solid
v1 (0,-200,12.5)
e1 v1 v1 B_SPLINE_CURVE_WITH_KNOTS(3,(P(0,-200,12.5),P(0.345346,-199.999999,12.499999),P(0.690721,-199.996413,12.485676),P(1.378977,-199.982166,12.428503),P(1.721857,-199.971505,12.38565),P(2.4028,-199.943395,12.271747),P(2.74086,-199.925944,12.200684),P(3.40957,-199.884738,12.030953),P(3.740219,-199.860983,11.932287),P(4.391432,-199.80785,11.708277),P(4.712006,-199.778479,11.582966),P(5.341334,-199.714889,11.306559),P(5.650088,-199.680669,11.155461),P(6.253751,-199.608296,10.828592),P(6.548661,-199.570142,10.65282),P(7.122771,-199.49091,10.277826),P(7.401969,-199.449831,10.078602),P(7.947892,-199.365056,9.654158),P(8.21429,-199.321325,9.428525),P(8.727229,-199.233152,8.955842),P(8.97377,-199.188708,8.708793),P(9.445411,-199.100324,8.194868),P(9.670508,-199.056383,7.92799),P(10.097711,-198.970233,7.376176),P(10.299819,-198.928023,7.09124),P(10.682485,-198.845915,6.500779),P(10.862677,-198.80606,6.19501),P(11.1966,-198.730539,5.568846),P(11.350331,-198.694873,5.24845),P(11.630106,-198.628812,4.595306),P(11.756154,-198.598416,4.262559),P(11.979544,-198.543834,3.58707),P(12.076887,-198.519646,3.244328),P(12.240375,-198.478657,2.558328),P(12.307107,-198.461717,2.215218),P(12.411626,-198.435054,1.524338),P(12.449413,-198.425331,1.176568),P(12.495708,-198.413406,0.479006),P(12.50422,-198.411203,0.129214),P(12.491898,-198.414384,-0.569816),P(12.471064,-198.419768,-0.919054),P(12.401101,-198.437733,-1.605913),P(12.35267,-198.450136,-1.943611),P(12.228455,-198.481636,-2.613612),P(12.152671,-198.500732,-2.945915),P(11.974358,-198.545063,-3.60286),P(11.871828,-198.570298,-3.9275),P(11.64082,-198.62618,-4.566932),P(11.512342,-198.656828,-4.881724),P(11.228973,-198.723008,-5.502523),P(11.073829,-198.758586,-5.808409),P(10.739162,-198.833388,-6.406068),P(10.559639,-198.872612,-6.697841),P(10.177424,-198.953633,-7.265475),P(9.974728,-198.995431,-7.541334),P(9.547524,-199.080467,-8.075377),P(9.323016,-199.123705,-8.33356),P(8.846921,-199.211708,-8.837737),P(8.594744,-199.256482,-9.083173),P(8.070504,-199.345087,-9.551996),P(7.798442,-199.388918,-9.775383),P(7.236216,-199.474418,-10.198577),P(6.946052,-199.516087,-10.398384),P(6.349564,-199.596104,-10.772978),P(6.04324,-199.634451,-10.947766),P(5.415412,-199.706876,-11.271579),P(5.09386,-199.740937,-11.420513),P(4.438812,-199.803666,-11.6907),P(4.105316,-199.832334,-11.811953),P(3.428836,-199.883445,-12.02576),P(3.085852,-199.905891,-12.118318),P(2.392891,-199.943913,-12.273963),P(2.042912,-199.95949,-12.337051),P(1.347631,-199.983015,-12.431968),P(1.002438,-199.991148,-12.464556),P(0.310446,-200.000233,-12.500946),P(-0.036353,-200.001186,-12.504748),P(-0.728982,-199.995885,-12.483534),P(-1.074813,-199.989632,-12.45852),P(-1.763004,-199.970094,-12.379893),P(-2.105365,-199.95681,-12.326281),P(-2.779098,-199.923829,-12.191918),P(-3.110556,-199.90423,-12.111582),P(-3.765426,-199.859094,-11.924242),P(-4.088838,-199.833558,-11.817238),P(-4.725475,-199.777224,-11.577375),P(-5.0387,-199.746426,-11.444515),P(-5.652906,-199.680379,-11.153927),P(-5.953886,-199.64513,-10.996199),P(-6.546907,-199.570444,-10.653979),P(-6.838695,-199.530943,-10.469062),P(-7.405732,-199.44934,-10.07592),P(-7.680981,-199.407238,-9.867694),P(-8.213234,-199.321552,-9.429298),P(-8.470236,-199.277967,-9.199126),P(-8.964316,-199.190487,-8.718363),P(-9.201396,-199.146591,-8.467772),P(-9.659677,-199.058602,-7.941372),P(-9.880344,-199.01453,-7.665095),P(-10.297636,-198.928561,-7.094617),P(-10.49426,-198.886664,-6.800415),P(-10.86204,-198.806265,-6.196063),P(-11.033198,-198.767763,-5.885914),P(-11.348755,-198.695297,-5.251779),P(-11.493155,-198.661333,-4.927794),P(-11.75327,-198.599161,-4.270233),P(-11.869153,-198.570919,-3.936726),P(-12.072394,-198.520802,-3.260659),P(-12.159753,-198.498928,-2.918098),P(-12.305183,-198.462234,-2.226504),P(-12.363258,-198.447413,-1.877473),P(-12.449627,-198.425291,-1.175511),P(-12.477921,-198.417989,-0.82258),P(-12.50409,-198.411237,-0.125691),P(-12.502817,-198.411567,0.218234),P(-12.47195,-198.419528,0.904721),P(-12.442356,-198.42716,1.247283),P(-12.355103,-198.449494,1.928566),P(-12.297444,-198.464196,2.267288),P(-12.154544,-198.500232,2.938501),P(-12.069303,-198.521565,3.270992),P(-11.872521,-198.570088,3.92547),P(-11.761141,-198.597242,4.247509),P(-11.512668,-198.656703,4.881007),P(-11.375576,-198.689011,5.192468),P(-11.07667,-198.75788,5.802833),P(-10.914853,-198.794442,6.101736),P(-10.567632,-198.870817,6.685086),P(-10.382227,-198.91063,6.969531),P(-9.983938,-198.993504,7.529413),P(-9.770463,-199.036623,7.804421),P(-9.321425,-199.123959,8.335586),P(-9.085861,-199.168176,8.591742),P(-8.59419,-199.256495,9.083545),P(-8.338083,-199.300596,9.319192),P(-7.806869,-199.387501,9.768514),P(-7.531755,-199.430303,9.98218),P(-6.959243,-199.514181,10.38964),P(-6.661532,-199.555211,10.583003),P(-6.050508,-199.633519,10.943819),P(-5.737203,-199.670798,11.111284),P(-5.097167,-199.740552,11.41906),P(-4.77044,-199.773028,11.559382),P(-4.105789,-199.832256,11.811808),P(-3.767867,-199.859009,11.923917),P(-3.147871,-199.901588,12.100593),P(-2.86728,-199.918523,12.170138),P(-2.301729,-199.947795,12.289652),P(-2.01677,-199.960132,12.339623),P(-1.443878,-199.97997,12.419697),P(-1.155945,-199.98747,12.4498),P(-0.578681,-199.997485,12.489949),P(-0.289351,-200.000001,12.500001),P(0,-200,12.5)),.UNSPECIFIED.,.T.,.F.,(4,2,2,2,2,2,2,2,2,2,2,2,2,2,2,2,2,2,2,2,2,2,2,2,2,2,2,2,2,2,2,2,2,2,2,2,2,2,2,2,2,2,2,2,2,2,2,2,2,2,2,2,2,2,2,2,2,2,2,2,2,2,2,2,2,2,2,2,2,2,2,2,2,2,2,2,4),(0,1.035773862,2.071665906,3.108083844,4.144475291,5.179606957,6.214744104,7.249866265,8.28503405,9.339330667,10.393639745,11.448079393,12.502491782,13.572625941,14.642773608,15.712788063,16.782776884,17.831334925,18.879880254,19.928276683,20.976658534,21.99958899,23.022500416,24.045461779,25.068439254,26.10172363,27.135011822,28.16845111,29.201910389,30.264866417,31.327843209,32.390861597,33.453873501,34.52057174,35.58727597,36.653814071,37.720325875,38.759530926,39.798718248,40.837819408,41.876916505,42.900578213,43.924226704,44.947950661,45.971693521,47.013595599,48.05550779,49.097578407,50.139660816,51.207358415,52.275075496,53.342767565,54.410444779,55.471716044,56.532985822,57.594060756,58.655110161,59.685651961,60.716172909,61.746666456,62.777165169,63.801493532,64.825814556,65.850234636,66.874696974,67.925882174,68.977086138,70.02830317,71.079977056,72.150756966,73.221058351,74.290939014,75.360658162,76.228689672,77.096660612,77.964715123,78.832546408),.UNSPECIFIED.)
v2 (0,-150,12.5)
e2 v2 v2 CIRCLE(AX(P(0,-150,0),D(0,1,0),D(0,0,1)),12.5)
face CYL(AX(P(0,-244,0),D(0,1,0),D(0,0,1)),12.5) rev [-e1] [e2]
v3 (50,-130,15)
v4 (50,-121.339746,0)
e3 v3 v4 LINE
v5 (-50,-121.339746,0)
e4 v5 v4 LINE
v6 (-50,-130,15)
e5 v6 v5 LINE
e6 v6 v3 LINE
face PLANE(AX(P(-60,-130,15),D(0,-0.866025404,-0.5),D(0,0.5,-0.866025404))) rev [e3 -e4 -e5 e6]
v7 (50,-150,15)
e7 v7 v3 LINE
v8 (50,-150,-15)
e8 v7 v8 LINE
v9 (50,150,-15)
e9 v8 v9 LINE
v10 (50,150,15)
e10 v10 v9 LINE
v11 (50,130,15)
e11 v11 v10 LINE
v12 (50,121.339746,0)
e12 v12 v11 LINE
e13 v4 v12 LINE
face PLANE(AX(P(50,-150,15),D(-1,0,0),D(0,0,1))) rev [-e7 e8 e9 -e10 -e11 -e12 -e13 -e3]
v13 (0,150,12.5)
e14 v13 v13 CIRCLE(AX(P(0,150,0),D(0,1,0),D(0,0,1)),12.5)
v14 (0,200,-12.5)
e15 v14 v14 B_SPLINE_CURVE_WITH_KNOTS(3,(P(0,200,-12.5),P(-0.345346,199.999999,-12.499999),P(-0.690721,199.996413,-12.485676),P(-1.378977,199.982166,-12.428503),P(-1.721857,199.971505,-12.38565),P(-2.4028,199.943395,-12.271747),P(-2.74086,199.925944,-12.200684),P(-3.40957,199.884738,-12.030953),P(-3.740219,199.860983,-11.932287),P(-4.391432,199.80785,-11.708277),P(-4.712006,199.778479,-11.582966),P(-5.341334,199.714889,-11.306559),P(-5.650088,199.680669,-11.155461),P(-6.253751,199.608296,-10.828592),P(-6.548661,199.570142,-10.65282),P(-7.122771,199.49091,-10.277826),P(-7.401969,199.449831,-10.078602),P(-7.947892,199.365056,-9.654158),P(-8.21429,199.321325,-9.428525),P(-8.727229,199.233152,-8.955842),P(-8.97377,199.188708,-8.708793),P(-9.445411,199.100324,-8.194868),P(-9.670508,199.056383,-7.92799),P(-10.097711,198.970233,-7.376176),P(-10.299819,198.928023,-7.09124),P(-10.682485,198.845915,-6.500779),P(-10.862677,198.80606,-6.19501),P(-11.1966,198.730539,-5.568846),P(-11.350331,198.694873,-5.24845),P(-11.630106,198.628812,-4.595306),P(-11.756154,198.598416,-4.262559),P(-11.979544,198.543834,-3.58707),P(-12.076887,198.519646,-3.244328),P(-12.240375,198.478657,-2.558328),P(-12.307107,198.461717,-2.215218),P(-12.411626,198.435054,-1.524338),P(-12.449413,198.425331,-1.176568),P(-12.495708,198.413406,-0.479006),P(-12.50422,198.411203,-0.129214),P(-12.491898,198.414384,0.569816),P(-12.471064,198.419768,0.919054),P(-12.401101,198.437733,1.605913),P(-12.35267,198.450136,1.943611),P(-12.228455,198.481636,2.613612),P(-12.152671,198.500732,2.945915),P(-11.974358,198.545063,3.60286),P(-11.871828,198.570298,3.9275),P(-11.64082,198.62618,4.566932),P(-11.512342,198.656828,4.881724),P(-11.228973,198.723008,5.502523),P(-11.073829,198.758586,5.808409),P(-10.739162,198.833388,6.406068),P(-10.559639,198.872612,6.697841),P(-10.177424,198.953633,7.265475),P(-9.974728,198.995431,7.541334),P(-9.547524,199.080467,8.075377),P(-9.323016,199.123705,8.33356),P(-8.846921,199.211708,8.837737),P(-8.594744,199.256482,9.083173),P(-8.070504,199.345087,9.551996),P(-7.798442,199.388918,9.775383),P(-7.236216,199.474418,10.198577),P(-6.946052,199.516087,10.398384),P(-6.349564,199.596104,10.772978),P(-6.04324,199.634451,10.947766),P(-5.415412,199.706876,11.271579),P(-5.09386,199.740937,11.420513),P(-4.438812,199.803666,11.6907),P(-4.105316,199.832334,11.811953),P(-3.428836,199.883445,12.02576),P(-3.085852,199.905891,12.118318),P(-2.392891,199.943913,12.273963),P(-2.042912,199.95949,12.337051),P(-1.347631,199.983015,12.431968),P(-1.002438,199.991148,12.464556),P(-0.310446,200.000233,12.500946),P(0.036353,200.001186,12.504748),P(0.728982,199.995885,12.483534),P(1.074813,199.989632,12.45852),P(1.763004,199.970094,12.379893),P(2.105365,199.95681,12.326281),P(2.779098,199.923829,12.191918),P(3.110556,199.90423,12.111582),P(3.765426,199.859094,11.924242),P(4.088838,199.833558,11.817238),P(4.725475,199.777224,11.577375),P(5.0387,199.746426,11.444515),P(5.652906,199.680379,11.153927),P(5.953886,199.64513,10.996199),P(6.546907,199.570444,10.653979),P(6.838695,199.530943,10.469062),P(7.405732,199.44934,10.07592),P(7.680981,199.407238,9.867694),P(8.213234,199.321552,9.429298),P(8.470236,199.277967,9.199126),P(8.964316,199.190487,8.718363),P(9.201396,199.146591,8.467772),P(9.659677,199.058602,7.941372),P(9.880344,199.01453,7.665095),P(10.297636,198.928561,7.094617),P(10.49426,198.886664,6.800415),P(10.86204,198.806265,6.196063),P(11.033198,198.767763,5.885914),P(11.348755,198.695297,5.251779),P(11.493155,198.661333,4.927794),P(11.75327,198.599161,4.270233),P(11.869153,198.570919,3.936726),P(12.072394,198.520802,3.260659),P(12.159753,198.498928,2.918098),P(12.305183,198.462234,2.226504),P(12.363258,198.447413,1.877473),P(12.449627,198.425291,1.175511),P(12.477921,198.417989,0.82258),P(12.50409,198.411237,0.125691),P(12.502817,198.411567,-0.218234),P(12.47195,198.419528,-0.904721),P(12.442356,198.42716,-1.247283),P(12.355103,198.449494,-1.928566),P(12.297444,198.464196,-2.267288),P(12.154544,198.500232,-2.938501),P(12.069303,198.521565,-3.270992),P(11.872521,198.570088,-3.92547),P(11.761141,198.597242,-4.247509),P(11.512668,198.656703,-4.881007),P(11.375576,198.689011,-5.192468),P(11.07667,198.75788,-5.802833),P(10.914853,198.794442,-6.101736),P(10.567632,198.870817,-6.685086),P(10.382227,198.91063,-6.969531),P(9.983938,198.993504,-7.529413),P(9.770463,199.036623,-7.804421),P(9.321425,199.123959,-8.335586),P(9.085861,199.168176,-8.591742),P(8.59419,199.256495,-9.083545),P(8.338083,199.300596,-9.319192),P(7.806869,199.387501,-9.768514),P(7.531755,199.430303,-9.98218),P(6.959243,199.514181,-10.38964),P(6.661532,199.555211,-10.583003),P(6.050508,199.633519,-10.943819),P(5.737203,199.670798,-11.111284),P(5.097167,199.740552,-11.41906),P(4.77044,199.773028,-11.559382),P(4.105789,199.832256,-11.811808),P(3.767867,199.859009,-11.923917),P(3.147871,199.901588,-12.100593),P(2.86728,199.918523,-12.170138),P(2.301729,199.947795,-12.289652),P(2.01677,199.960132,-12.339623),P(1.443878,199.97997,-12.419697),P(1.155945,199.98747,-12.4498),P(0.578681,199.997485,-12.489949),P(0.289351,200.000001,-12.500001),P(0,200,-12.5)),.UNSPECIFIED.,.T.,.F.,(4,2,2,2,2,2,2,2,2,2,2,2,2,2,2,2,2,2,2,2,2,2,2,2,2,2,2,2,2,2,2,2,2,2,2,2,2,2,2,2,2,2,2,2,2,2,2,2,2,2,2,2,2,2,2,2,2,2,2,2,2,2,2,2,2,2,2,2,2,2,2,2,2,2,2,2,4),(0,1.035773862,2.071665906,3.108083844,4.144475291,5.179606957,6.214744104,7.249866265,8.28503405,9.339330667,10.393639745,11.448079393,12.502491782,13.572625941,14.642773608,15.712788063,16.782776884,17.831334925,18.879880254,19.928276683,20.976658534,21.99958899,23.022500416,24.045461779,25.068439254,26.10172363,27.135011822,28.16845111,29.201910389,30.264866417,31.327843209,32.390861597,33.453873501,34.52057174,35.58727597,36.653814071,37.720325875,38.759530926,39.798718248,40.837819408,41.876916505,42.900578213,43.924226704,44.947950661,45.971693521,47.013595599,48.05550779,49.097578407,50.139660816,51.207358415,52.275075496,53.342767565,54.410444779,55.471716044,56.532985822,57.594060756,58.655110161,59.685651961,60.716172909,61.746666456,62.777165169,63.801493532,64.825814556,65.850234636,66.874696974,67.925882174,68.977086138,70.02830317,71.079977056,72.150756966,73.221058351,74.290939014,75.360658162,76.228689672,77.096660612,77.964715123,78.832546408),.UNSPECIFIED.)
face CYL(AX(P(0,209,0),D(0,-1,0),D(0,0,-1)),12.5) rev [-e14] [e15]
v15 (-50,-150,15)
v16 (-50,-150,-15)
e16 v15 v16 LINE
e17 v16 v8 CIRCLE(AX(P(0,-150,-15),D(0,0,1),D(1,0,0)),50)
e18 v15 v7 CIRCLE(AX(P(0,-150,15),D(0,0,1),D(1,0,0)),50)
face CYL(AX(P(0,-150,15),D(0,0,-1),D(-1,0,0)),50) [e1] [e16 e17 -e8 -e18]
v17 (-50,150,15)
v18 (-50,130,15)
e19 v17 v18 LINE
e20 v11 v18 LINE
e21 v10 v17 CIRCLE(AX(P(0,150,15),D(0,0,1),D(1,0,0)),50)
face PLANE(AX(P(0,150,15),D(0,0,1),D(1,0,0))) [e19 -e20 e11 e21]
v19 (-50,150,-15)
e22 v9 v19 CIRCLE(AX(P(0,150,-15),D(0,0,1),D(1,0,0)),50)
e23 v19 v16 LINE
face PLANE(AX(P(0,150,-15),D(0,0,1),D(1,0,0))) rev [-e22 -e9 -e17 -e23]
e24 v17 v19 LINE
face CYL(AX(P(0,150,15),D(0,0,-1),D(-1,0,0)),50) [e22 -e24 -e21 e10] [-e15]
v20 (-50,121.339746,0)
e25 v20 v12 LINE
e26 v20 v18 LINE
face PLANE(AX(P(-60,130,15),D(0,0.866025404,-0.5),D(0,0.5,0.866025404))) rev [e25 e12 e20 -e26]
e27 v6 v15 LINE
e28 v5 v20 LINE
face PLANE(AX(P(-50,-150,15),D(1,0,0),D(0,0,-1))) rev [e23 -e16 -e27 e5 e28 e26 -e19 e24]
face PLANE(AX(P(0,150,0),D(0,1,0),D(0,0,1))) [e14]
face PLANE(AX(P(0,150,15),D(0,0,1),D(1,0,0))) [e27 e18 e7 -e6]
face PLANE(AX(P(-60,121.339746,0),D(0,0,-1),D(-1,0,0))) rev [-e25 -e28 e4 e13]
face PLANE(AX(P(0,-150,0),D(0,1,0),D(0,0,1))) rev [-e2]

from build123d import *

# Parameters (mm, degrees)
BOSS_EXTRUDE1_DEPTH = 15
SKETCH5_R           = 12.5
CUT_EXTRUDE1_DEPTH  = 59
CUT_EXTRUDE3_DEPTH  = 110
SKETCH10_R          = 12.5
CUT_EXTRUDE4_DEPTH  = 94


with BuildPart() as part:
    # Sketch2 → Boss-Extrude1 (new body, symmetric)
    with BuildSketch(Plane.XY):
        with BuildLine():
            Line((-50, -150), (-50, 150))
            ThreePointArc((-50, 150), (0, 200), (50, 150))
            Line((50, 150), (50, -150))
            ThreePointArc((50, -150), (0, -200), (-50, -150))
        make_face()
    extrude(amount=BOSS_EXTRUDE1_DEPTH, both=True)

    # Sketch5 → Cut-Extrude1 (cut)
    with BuildSketch(Plane(origin=(0, 150, 0), x_dir=(1, 0, 0), z_dir=(0, 1, 0))):
        Circle(SKETCH5_R)
    extrude(amount=CUT_EXTRUDE1_DEPTH, mode=Mode.SUBTRACT)

    # Sketch7 → Cut-Extrude3 (cut)
    with BuildSketch(Plane(origin=(50, 0, 0), x_dir=(0, 0, -1), z_dir=(1, 0, 0))):
        Polygon((-15, 130), (0, 121.339745962), (0, -121.339745962), (-15, -130), align=None)
    extrude(amount=-CUT_EXTRUDE3_DEPTH, mode=Mode.SUBTRACT)

    # Sketch10 → Cut-Extrude4 (cut)
    with BuildSketch(Plane(origin=(0, -150, 0), x_dir=(1, 0, 0), z_dir=(0, 1, 0))):
        Circle(SKETCH10_R)
    extrude(amount=-CUT_EXTRUDE4_DEPTH, mode=Mode.SUBTRACT)


solid = part.part
